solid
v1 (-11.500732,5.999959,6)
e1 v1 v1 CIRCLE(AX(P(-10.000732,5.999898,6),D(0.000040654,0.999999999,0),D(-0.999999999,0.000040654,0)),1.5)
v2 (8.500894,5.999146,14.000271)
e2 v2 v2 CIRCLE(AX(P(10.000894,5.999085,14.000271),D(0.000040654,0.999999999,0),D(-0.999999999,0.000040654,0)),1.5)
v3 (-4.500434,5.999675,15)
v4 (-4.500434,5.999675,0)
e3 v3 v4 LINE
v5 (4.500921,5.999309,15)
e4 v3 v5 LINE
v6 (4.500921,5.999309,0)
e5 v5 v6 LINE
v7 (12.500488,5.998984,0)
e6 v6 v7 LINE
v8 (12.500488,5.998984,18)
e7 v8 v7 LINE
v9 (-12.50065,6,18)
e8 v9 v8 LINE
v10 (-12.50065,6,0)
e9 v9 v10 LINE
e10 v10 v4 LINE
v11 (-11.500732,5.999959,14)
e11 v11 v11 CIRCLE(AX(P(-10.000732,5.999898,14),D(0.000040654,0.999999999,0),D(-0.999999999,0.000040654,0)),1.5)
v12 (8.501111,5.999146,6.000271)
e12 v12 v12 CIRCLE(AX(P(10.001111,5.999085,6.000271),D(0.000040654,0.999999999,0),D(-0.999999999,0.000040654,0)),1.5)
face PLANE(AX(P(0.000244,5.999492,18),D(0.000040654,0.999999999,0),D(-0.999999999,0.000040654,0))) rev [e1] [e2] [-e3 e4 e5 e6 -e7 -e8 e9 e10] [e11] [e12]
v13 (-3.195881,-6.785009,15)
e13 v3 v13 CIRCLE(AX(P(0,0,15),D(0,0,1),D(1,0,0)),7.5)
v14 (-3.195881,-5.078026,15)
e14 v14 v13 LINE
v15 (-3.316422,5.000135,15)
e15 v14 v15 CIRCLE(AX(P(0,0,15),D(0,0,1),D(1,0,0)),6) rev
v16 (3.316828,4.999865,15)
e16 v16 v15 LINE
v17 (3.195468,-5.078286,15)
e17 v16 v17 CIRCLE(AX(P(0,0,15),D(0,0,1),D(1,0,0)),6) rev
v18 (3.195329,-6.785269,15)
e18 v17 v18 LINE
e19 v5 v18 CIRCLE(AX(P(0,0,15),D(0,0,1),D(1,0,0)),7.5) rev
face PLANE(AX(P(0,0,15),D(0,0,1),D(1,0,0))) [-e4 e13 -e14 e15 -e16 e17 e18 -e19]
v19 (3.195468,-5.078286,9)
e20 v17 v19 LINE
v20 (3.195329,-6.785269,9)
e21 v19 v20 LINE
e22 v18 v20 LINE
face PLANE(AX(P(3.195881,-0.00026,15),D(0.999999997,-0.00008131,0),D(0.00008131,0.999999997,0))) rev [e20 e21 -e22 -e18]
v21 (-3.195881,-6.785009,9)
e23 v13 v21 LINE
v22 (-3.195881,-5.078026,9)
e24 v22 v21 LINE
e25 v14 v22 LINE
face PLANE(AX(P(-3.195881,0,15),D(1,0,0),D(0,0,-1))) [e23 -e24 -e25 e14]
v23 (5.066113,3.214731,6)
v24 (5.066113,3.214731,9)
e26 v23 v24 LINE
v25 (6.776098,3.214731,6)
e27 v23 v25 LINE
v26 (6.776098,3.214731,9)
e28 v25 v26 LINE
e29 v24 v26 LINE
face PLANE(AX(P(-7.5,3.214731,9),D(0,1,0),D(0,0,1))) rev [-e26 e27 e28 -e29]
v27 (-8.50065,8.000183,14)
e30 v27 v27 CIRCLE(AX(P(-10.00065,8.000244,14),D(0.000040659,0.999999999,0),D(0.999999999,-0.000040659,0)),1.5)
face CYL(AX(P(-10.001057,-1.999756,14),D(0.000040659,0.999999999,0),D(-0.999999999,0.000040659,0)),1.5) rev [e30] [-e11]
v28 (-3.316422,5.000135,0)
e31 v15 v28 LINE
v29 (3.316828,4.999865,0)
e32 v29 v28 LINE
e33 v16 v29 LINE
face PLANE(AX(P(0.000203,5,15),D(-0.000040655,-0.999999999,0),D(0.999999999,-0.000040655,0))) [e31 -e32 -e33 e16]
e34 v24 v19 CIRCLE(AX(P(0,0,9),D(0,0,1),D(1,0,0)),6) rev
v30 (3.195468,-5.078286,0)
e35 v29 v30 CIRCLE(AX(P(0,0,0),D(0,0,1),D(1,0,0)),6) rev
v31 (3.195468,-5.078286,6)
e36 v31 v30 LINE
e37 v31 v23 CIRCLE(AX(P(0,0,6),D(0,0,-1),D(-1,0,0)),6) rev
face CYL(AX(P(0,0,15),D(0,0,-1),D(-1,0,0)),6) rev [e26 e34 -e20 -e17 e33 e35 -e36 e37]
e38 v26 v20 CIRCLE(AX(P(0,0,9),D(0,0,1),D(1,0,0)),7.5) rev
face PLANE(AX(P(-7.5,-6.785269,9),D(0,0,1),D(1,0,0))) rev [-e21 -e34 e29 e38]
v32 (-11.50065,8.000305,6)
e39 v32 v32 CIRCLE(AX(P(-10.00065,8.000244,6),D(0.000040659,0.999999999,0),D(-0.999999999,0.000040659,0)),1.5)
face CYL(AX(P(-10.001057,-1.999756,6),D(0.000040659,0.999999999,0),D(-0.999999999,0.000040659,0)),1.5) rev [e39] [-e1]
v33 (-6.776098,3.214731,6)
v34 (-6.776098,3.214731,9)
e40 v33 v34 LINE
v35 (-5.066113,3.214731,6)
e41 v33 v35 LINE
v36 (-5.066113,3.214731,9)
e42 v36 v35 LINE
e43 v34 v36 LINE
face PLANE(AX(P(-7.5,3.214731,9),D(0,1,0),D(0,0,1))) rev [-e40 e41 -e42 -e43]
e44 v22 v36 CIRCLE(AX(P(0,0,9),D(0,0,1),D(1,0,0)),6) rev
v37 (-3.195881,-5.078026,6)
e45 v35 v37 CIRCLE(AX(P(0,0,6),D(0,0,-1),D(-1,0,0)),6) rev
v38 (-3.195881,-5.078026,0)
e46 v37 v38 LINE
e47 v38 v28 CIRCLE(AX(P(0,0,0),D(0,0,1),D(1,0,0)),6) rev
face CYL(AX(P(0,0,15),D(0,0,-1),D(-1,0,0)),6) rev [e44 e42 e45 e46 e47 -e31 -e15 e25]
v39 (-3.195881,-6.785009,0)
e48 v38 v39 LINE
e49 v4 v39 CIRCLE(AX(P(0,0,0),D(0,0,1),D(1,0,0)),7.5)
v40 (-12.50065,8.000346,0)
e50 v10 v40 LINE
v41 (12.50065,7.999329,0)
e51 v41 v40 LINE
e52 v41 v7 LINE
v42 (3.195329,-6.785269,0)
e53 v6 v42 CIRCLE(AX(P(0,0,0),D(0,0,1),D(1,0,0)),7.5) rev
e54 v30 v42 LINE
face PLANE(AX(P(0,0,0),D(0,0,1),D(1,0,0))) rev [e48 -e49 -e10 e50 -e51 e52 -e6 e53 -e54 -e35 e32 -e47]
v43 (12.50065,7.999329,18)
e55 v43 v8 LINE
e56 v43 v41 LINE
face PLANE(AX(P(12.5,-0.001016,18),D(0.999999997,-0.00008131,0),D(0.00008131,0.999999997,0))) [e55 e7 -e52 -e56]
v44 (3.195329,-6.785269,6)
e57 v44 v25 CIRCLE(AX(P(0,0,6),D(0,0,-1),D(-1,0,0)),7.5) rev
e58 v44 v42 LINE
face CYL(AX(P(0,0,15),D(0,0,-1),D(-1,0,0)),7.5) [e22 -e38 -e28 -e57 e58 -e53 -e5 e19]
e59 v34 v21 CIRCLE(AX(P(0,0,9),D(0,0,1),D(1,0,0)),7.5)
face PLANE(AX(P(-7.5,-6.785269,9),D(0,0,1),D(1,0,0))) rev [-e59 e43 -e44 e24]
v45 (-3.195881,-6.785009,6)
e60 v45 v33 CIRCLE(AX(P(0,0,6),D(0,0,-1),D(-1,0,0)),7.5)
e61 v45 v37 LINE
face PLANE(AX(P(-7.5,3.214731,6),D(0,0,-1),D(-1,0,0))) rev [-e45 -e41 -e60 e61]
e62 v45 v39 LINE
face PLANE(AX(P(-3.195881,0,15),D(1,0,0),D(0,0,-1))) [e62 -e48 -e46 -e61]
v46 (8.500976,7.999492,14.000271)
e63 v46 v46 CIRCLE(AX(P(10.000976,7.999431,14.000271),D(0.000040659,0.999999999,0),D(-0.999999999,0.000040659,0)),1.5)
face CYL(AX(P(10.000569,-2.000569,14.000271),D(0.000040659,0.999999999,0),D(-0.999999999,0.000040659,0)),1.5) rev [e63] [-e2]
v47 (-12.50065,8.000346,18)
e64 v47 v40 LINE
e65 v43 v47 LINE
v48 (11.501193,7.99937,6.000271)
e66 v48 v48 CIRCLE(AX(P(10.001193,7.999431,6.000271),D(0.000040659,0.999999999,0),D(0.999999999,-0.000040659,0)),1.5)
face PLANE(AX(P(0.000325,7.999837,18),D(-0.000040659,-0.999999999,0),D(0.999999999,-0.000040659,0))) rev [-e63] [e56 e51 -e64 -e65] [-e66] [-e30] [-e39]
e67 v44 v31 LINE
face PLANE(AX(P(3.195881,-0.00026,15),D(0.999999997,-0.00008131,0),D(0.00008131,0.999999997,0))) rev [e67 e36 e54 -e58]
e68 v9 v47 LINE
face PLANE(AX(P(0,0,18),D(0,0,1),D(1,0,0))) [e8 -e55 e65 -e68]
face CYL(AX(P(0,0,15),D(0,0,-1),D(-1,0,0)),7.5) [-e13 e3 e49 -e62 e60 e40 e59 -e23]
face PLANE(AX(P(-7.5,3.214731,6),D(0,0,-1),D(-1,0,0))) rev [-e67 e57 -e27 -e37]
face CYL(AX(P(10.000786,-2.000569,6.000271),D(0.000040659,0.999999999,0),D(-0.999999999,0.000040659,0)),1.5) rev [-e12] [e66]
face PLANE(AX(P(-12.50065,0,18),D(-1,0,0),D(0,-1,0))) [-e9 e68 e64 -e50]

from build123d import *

# Parameters (mm, degrees)
EXTRUDE_1_DEPTH     = 15
CUT_EXTRUDE_1_DEPTH = 7.5
EXTRUDE_3_DEPTH     = 18
SKETCH_3_R          = 1.5
CUT_EXTRUDE_2_DEPTH = 10


with BuildPart() as part:
    # 草图1 → 凸台-拉伸1 (new body)
    with BuildSketch(Plane.XY):
        with BuildLine():
            ThreePointArc((3.195328917, -6.785268831), (7.461194526, -0.761955539), (4.500921435, 5.999308813))
            Line((4.500921435, 5.999308813), (-4.500433628, 5.999674755))
            ThreePointArc((-4.500433628, 5.999674755), (-7.461256455, -0.761348873), (-3.195880618, -6.785008996))
            Line((-3.195880618, -6.785008996), (-3.195880618, -5.078025903))
            ThreePointArc((-3.195880618, -5.078025903), (-5.999570878, -0.071758494), (-3.316421512, 5.000134834))
            Line((-3.316421512, 5.000134834), (3.316828063, 4.999865158))
            ThreePointArc((3.316828063, 4.999865158), (5.999565023, -0.07224632), (3.195467712, -5.078285744))
            Line((3.195467712, -5.078285744), (3.195328917, -6.785268831))
        make_face()
    extrude(amount=EXTRUDE_1_DEPTH)

    # 草图2 → 切除-拉伸1 (cut, symmetric)
    with BuildSketch(Plane(origin=(0, 0, 0), x_dir=(0, 0, -1), z_dir=(1, 0, 0))):
        Polygon((-7.5, -6.785268831), (-6, -6.785268831), (-6, 3.214731169), (-9, 3.214731169), (-9, -6.785268831), align=None)
    extrude(amount=CUT_EXTRUDE_1_DEPTH, both=True, mode=Mode.SUBTRACT)

    # 草图1<4> → 凸台-拉伸3 (add)
    with BuildSketch(Plane.XY):
        Polygon((12.500487826, 5.998983598), (12.500650474, 7.999329111), (-12.500650425, 8.000345629), (-12.500650425, 5.999999996), (-4.500433628, 5.999674755), (4.500921435, 5.999308813), align=None)
    extrude(amount=EXTRUDE_3_DEPTH)

    # 草图3 → 切除-拉伸2 (cut)
    with BuildSketch(Plane(origin=(0.000325262, 7.999837357, 0), x_dir=(0.9999999991734381, -4.0658628313075474e-05, 0), z_dir=(4.0658628313075474e-05, 0.9999999991734381, 0))):
        with Locations((-10.000975697, -6)):
            Circle(SKETCH_3_R)
        with Locations((-10.000975697, -14)):
            Circle(SKETCH_3_R)
        with Locations((10.000867281, -6.000271056)):
            Circle(SKETCH_3_R)
        with Locations((10.000650456, -14.000271053)):
            Circle(SKETCH_3_R)
    extrude(amount=-CUT_EXTRUDE_2_DEPTH, mode=Mode.SUBTRACT)


solid = part.part
